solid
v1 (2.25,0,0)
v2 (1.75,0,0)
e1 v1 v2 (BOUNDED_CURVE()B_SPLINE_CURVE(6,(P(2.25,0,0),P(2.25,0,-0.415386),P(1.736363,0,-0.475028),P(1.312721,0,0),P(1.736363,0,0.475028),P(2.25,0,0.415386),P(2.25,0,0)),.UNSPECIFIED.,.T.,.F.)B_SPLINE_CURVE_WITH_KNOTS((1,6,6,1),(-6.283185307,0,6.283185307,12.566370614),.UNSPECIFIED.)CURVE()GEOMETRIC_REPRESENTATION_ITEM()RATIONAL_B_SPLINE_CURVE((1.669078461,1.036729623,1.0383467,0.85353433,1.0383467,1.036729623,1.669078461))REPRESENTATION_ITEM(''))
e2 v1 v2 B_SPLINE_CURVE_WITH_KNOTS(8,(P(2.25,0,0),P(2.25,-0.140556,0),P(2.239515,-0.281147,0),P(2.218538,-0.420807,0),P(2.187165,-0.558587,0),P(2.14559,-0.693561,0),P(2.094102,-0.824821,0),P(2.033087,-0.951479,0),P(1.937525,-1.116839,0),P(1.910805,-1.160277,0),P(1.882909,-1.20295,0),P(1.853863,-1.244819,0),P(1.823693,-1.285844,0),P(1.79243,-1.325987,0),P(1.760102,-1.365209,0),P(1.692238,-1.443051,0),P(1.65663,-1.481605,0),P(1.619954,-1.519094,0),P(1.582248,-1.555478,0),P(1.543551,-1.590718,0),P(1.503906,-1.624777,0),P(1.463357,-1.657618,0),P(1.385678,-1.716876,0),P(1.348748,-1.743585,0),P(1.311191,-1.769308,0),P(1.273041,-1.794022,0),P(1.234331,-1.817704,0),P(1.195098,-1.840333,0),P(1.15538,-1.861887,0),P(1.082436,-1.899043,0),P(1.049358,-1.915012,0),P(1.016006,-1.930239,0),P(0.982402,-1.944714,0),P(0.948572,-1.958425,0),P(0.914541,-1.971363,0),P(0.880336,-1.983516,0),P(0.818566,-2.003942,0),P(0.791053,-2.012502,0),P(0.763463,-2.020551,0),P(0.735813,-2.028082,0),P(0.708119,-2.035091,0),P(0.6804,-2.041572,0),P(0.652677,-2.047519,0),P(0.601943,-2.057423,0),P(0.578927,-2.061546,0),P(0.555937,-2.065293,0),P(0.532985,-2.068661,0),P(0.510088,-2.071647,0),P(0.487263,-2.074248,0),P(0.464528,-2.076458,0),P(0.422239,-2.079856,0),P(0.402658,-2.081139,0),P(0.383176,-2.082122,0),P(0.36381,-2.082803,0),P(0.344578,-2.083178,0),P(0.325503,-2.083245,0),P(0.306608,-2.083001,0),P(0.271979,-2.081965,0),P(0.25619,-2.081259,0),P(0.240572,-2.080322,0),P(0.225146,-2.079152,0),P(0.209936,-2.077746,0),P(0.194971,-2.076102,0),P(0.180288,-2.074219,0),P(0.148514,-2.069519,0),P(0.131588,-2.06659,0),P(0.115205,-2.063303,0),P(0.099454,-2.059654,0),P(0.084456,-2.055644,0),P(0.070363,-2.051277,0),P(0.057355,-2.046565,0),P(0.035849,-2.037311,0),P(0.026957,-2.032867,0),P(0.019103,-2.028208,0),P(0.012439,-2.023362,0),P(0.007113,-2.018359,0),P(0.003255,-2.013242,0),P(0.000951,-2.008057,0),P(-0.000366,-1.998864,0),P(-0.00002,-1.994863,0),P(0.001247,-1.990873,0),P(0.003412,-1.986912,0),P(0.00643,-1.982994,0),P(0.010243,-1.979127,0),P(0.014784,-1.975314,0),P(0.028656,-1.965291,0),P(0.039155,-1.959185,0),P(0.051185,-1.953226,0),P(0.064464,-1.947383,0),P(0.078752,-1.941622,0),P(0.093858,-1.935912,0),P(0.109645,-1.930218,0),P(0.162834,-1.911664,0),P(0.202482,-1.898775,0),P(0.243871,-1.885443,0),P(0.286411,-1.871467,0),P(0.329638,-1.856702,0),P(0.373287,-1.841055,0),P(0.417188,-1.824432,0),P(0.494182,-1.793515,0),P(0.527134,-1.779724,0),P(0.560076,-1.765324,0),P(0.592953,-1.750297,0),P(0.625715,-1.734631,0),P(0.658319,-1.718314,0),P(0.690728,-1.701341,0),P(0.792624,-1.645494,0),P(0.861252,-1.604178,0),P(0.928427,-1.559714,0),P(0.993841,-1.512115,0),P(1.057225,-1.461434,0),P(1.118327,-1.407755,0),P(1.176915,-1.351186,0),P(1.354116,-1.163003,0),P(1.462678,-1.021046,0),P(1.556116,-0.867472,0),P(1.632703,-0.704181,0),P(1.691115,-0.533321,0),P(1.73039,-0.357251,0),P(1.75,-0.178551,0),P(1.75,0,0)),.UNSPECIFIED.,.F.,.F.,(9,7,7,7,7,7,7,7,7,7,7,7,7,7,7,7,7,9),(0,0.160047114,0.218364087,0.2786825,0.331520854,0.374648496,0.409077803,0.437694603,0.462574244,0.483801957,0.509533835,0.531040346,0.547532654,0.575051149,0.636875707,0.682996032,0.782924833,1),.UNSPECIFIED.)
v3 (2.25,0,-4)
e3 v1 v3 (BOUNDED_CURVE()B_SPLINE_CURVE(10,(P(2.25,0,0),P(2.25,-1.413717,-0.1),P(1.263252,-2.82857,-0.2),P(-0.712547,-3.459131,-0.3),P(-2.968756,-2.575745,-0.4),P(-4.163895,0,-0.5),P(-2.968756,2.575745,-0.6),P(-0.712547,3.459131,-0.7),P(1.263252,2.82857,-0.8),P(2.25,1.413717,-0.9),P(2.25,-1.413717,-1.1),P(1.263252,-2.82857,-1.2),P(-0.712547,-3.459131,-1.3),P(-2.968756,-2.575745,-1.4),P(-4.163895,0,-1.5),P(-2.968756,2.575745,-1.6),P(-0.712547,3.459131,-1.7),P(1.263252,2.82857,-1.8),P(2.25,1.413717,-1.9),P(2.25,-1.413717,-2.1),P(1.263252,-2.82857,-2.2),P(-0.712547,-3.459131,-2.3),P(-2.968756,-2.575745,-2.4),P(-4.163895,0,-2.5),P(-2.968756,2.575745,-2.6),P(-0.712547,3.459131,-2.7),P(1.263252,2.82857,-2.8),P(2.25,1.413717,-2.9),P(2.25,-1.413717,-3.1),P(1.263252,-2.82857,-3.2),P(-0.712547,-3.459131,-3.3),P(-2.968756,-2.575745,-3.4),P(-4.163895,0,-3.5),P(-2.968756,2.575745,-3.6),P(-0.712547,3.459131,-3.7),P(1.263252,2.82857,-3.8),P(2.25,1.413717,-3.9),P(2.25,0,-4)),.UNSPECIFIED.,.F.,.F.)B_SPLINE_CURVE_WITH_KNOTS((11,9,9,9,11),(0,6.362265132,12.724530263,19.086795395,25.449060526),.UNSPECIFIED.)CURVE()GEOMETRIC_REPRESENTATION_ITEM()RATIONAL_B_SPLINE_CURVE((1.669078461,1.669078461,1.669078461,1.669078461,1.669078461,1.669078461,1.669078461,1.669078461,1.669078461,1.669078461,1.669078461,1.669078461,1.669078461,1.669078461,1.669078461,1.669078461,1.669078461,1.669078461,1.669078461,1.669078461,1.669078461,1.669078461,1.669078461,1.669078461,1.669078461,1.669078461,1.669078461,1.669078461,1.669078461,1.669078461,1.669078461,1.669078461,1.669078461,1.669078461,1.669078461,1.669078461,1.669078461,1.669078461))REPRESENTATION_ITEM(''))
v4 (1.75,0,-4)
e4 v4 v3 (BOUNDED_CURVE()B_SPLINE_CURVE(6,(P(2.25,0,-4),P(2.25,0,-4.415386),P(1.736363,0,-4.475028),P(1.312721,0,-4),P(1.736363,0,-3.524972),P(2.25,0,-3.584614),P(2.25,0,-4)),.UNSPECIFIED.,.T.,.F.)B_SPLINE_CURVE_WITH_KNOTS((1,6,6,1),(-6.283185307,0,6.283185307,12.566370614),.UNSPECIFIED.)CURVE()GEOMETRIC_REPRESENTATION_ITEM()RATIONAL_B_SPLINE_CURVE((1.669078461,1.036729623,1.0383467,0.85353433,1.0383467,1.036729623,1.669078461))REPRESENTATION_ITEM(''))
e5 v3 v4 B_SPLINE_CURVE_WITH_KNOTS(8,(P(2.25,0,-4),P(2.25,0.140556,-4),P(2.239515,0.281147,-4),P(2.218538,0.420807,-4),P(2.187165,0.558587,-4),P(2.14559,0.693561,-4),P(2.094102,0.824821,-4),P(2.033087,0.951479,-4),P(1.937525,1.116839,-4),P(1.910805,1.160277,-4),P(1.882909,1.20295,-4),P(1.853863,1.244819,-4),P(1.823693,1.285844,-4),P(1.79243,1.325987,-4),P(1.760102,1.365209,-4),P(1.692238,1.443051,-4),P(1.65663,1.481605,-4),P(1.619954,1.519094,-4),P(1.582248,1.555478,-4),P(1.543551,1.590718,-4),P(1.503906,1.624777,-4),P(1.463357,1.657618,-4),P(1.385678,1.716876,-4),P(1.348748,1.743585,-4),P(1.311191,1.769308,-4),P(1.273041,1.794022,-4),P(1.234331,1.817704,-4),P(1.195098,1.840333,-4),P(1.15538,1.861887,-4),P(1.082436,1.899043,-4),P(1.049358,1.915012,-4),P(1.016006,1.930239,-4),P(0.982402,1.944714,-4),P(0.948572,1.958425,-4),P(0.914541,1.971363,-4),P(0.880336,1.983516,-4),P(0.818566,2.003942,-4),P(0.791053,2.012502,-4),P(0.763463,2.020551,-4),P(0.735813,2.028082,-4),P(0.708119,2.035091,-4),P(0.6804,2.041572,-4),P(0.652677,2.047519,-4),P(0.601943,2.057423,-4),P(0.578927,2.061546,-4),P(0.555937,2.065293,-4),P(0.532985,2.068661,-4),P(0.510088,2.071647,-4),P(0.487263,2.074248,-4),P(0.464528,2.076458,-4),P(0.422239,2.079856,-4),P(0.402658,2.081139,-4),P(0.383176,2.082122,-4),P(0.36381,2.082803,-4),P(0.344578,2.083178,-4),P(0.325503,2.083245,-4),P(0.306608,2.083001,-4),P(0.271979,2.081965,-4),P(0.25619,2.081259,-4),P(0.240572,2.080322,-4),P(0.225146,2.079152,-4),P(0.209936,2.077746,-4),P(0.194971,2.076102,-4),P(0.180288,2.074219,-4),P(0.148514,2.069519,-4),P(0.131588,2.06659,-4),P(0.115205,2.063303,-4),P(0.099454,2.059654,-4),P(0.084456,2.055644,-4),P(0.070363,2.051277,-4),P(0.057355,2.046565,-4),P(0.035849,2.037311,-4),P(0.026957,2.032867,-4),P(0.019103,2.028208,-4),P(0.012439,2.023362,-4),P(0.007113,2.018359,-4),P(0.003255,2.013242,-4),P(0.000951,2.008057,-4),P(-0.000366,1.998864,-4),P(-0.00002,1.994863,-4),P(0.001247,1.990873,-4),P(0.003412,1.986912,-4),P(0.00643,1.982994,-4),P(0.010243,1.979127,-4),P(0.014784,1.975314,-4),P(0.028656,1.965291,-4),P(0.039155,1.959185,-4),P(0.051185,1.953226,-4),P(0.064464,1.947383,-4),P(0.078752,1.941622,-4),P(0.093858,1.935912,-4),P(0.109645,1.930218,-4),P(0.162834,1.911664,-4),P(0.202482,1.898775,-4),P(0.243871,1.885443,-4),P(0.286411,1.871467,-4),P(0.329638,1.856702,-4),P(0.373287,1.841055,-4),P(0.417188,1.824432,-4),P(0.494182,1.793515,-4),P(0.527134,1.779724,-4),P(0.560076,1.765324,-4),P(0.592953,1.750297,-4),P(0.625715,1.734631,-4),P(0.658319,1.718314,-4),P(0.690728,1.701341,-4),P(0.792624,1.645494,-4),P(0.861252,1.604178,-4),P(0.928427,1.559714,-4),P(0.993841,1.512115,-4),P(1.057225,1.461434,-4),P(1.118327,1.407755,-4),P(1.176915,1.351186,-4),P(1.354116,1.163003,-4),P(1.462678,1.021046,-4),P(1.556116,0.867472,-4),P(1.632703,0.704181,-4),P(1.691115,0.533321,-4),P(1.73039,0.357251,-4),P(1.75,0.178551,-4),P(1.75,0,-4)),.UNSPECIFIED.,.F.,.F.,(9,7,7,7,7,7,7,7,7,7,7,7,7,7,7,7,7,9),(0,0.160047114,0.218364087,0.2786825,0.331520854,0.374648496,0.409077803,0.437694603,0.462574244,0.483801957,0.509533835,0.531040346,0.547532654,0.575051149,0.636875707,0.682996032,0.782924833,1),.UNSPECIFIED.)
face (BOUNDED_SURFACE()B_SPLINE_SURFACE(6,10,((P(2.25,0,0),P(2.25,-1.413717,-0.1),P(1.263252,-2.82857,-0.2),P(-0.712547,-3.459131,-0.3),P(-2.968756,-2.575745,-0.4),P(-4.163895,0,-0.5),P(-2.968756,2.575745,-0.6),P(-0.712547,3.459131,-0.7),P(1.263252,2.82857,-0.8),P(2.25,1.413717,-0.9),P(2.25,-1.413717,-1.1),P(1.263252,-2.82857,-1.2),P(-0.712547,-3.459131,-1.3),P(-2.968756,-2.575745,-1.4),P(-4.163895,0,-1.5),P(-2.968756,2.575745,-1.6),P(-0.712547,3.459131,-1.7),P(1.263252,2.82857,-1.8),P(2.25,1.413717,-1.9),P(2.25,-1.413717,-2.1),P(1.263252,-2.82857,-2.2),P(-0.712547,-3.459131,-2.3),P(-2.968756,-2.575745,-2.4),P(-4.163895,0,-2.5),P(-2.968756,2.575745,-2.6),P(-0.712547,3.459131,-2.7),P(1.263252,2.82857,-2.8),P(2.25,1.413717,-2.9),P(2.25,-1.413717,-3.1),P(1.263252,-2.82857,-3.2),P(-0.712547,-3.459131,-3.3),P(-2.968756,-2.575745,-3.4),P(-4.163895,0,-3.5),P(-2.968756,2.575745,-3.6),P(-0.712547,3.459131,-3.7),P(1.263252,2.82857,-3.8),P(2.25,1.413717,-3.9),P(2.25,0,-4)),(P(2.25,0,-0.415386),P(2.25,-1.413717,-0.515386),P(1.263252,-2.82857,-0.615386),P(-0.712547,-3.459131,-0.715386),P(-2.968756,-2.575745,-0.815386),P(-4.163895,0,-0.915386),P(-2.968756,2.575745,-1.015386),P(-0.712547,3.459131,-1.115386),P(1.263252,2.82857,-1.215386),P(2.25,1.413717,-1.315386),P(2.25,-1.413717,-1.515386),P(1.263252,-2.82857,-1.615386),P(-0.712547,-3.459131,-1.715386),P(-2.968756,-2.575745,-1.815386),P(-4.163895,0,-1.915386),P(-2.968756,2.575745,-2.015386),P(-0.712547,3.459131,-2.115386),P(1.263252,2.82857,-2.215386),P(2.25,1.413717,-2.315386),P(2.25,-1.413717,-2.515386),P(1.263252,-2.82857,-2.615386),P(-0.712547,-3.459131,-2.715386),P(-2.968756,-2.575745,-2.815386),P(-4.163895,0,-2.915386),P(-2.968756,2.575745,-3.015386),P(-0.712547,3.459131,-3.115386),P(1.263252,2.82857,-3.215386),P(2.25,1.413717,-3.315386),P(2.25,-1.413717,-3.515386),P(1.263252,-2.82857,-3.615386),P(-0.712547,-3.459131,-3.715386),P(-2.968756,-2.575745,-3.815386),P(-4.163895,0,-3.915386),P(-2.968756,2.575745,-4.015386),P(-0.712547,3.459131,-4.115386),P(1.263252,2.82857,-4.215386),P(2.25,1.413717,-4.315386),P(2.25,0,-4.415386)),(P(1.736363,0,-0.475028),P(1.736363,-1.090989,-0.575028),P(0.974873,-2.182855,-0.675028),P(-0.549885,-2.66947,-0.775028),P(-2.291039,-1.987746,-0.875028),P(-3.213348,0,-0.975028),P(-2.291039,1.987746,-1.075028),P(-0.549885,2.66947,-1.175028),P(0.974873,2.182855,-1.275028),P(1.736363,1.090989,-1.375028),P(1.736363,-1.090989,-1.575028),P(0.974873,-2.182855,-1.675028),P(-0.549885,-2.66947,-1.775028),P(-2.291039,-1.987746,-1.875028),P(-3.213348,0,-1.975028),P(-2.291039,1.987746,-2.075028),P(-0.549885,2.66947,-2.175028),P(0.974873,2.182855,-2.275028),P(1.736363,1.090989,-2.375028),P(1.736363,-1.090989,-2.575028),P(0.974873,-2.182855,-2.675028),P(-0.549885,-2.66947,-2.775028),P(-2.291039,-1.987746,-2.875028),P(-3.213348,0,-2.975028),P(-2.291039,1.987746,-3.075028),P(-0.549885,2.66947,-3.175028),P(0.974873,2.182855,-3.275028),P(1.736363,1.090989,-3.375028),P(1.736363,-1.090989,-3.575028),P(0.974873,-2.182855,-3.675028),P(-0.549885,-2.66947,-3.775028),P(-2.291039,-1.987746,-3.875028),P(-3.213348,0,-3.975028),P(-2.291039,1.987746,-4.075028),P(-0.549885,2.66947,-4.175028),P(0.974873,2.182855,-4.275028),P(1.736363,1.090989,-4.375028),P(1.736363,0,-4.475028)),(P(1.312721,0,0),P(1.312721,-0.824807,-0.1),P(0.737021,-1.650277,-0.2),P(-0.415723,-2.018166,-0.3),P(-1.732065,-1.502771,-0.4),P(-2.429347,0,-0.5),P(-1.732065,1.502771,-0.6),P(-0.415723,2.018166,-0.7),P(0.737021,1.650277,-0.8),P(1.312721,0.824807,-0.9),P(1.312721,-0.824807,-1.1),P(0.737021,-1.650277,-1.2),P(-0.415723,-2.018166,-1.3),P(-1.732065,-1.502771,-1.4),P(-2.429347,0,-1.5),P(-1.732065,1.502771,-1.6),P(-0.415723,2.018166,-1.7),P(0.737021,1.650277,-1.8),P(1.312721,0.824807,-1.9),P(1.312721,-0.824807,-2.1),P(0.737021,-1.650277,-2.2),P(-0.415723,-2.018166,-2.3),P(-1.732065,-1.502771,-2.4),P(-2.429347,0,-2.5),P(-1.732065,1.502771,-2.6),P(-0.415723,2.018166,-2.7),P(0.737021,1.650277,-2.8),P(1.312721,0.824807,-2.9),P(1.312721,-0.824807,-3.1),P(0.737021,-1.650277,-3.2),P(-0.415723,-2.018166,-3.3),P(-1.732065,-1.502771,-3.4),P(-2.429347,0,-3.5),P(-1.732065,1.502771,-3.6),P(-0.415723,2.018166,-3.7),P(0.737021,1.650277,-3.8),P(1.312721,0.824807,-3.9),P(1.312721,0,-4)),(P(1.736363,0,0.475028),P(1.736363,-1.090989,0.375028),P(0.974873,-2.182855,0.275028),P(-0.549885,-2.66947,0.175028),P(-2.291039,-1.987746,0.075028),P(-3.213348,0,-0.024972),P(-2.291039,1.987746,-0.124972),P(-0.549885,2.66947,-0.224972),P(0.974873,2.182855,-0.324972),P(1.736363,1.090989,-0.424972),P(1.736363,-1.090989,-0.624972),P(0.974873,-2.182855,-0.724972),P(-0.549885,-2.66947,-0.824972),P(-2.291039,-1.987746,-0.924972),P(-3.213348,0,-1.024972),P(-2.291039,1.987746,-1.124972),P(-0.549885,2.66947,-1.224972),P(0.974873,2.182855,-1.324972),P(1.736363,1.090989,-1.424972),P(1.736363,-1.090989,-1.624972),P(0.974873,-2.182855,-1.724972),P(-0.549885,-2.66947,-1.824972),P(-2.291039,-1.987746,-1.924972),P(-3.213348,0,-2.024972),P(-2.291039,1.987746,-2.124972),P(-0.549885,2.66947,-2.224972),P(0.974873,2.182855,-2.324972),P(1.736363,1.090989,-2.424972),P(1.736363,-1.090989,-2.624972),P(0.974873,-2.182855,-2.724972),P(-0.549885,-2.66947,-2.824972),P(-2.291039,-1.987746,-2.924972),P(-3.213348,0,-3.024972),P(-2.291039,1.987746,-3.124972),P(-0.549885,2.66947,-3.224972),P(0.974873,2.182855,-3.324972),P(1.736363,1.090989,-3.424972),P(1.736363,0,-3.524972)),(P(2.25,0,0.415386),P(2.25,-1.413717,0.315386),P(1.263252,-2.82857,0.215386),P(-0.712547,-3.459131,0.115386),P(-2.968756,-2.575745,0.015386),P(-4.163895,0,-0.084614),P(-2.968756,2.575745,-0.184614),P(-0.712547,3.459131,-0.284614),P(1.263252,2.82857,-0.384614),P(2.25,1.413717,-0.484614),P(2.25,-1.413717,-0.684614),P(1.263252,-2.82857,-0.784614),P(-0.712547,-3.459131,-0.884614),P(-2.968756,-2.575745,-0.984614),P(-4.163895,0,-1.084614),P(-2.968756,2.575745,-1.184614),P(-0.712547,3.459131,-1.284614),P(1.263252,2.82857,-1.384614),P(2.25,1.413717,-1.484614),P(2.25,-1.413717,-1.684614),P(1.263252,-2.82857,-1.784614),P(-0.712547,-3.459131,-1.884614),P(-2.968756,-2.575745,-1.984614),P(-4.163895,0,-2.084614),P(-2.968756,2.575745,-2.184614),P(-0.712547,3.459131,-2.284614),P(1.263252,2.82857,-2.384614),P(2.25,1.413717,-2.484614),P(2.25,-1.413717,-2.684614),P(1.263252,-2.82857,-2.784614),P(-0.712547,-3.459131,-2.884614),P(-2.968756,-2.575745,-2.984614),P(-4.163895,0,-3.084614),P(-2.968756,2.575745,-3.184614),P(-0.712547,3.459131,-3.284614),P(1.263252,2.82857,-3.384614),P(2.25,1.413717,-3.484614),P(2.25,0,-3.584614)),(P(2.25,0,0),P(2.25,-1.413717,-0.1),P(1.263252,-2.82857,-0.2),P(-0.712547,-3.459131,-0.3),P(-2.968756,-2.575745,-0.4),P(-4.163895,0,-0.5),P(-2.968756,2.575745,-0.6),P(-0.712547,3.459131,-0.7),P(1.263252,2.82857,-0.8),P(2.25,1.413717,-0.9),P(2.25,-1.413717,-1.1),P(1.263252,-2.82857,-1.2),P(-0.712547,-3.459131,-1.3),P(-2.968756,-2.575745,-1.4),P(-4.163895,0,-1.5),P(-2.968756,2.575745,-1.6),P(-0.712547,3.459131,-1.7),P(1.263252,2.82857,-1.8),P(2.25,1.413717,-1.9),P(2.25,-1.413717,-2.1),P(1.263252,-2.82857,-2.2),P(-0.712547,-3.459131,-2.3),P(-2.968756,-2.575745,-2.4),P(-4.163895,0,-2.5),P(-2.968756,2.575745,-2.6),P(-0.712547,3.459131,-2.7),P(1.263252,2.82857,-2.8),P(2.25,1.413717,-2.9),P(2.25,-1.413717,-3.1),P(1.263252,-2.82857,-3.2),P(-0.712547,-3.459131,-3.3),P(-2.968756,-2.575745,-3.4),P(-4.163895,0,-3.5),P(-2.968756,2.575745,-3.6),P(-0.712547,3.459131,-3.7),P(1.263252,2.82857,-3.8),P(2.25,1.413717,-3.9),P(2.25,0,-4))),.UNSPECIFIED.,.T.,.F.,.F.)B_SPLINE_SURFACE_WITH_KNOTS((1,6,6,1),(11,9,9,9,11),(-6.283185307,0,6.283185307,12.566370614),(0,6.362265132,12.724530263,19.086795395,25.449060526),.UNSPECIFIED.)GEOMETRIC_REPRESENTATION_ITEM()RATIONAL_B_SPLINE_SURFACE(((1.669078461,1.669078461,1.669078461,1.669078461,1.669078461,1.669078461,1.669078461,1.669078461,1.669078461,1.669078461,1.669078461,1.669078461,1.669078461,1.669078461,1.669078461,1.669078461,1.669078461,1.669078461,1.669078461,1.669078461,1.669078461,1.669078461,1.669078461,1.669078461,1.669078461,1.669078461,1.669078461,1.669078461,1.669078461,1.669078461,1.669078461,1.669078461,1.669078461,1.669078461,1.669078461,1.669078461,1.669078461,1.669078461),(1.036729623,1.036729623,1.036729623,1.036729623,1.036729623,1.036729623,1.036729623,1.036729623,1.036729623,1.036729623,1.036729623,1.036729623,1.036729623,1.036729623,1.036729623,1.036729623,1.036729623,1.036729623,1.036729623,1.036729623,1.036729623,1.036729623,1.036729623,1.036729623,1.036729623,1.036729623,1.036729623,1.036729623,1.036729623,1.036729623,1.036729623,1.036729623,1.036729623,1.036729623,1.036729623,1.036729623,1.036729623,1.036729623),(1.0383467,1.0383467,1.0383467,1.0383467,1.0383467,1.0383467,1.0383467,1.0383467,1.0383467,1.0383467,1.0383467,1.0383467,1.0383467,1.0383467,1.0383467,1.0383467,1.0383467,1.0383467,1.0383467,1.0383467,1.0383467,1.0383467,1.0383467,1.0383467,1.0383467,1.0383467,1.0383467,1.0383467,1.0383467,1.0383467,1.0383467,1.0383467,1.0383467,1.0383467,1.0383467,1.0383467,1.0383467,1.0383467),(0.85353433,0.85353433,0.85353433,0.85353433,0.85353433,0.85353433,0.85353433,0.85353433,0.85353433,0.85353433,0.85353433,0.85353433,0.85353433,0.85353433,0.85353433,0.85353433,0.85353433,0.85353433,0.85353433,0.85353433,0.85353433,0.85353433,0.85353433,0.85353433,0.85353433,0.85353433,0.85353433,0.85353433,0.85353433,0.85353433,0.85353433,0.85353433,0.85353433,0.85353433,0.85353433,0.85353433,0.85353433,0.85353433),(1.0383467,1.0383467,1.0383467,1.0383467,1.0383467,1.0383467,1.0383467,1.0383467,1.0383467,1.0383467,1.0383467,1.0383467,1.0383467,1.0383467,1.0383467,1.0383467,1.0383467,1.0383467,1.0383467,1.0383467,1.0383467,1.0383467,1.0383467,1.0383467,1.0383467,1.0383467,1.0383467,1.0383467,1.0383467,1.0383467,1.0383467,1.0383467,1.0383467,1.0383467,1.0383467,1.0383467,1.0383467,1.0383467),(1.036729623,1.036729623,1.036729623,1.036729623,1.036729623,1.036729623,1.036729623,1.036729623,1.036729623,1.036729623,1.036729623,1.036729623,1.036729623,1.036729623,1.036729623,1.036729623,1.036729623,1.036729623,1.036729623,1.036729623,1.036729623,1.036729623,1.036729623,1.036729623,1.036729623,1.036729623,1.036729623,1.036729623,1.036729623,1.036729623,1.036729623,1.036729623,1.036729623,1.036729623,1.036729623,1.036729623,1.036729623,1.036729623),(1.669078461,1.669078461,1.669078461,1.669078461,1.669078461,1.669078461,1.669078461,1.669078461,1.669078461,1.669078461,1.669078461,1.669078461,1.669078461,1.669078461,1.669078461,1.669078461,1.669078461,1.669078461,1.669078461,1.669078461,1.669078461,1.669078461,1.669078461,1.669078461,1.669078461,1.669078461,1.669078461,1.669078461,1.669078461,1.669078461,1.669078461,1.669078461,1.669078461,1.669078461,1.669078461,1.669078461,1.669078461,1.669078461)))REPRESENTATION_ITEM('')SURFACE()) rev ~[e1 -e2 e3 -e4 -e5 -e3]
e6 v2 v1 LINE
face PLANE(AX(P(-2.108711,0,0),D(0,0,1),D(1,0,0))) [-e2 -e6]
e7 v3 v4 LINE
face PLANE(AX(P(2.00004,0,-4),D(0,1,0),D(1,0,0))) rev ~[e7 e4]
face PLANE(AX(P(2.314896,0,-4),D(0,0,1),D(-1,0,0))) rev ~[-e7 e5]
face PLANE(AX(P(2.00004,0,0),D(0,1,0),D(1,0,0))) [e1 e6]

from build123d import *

# Parameters (mm, degrees)
SWEEP_1_PITCH       = 1
SWEEP_1_HEIGHT      = 4
SWEEP_1_RADIUS      = 2
SWEEP_1_START_ANGLE = 180
SKETCH_2_R          = 0.25
CUT_EXTRUDE_1_DEPTH = 3.250012831
CUT_EXTRUDE_2_DEPTH = 10


with BuildPart() as part:
    # 扫描1: sweep along a helix
    with BuildLine() as sweep_1_path:
        add(Helix(SWEEP_1_PITCH, SWEEP_1_HEIGHT, SWEEP_1_RADIUS, center=(0, 0, 0), direction=(0, 0, -1), mode=Mode.PRIVATE).rotate(Axis((0, 0, 0), (0, 0, -1)), SWEEP_1_START_ANGLE))
    # 草图2 → 扫描1 (sweep)
    with BuildSketch(Plane(origin=(0, 0, 0), x_dir=(1, 0, 0), z_dir=(0, 1, 0))):
        with Locations((2, 0)):
            Circle(SKETCH_2_R)
    sweep(path=sweep_1_path.line, is_frenet=True)

    # 草图4 → 切除-拉伸1 (cut, through all)
    with BuildSketch(Plane(origin=(0, 0, 0), x_dir=(1, 0, 0), z_dir=(0, 1, 0))):
        Polygon((-2.108710965, 0), (2.25, 0), (2.25, -0.48170249), align=None)
    extrude(amount=-CUT_EXTRUDE_1_DEPTH, mode=Mode.SUBTRACT)

    # 草图5 → 切除-拉伸2 (cut)
    with BuildSketch(Plane.XZ):
        Polygon((2.314896029, -4.461436408), (2.314896029, -4), (-1.693437337, -4), align=None)
    extrude(amount=-CUT_EXTRUDE_2_DEPTH, mode=Mode.SUBTRACT)


solid = part.part
